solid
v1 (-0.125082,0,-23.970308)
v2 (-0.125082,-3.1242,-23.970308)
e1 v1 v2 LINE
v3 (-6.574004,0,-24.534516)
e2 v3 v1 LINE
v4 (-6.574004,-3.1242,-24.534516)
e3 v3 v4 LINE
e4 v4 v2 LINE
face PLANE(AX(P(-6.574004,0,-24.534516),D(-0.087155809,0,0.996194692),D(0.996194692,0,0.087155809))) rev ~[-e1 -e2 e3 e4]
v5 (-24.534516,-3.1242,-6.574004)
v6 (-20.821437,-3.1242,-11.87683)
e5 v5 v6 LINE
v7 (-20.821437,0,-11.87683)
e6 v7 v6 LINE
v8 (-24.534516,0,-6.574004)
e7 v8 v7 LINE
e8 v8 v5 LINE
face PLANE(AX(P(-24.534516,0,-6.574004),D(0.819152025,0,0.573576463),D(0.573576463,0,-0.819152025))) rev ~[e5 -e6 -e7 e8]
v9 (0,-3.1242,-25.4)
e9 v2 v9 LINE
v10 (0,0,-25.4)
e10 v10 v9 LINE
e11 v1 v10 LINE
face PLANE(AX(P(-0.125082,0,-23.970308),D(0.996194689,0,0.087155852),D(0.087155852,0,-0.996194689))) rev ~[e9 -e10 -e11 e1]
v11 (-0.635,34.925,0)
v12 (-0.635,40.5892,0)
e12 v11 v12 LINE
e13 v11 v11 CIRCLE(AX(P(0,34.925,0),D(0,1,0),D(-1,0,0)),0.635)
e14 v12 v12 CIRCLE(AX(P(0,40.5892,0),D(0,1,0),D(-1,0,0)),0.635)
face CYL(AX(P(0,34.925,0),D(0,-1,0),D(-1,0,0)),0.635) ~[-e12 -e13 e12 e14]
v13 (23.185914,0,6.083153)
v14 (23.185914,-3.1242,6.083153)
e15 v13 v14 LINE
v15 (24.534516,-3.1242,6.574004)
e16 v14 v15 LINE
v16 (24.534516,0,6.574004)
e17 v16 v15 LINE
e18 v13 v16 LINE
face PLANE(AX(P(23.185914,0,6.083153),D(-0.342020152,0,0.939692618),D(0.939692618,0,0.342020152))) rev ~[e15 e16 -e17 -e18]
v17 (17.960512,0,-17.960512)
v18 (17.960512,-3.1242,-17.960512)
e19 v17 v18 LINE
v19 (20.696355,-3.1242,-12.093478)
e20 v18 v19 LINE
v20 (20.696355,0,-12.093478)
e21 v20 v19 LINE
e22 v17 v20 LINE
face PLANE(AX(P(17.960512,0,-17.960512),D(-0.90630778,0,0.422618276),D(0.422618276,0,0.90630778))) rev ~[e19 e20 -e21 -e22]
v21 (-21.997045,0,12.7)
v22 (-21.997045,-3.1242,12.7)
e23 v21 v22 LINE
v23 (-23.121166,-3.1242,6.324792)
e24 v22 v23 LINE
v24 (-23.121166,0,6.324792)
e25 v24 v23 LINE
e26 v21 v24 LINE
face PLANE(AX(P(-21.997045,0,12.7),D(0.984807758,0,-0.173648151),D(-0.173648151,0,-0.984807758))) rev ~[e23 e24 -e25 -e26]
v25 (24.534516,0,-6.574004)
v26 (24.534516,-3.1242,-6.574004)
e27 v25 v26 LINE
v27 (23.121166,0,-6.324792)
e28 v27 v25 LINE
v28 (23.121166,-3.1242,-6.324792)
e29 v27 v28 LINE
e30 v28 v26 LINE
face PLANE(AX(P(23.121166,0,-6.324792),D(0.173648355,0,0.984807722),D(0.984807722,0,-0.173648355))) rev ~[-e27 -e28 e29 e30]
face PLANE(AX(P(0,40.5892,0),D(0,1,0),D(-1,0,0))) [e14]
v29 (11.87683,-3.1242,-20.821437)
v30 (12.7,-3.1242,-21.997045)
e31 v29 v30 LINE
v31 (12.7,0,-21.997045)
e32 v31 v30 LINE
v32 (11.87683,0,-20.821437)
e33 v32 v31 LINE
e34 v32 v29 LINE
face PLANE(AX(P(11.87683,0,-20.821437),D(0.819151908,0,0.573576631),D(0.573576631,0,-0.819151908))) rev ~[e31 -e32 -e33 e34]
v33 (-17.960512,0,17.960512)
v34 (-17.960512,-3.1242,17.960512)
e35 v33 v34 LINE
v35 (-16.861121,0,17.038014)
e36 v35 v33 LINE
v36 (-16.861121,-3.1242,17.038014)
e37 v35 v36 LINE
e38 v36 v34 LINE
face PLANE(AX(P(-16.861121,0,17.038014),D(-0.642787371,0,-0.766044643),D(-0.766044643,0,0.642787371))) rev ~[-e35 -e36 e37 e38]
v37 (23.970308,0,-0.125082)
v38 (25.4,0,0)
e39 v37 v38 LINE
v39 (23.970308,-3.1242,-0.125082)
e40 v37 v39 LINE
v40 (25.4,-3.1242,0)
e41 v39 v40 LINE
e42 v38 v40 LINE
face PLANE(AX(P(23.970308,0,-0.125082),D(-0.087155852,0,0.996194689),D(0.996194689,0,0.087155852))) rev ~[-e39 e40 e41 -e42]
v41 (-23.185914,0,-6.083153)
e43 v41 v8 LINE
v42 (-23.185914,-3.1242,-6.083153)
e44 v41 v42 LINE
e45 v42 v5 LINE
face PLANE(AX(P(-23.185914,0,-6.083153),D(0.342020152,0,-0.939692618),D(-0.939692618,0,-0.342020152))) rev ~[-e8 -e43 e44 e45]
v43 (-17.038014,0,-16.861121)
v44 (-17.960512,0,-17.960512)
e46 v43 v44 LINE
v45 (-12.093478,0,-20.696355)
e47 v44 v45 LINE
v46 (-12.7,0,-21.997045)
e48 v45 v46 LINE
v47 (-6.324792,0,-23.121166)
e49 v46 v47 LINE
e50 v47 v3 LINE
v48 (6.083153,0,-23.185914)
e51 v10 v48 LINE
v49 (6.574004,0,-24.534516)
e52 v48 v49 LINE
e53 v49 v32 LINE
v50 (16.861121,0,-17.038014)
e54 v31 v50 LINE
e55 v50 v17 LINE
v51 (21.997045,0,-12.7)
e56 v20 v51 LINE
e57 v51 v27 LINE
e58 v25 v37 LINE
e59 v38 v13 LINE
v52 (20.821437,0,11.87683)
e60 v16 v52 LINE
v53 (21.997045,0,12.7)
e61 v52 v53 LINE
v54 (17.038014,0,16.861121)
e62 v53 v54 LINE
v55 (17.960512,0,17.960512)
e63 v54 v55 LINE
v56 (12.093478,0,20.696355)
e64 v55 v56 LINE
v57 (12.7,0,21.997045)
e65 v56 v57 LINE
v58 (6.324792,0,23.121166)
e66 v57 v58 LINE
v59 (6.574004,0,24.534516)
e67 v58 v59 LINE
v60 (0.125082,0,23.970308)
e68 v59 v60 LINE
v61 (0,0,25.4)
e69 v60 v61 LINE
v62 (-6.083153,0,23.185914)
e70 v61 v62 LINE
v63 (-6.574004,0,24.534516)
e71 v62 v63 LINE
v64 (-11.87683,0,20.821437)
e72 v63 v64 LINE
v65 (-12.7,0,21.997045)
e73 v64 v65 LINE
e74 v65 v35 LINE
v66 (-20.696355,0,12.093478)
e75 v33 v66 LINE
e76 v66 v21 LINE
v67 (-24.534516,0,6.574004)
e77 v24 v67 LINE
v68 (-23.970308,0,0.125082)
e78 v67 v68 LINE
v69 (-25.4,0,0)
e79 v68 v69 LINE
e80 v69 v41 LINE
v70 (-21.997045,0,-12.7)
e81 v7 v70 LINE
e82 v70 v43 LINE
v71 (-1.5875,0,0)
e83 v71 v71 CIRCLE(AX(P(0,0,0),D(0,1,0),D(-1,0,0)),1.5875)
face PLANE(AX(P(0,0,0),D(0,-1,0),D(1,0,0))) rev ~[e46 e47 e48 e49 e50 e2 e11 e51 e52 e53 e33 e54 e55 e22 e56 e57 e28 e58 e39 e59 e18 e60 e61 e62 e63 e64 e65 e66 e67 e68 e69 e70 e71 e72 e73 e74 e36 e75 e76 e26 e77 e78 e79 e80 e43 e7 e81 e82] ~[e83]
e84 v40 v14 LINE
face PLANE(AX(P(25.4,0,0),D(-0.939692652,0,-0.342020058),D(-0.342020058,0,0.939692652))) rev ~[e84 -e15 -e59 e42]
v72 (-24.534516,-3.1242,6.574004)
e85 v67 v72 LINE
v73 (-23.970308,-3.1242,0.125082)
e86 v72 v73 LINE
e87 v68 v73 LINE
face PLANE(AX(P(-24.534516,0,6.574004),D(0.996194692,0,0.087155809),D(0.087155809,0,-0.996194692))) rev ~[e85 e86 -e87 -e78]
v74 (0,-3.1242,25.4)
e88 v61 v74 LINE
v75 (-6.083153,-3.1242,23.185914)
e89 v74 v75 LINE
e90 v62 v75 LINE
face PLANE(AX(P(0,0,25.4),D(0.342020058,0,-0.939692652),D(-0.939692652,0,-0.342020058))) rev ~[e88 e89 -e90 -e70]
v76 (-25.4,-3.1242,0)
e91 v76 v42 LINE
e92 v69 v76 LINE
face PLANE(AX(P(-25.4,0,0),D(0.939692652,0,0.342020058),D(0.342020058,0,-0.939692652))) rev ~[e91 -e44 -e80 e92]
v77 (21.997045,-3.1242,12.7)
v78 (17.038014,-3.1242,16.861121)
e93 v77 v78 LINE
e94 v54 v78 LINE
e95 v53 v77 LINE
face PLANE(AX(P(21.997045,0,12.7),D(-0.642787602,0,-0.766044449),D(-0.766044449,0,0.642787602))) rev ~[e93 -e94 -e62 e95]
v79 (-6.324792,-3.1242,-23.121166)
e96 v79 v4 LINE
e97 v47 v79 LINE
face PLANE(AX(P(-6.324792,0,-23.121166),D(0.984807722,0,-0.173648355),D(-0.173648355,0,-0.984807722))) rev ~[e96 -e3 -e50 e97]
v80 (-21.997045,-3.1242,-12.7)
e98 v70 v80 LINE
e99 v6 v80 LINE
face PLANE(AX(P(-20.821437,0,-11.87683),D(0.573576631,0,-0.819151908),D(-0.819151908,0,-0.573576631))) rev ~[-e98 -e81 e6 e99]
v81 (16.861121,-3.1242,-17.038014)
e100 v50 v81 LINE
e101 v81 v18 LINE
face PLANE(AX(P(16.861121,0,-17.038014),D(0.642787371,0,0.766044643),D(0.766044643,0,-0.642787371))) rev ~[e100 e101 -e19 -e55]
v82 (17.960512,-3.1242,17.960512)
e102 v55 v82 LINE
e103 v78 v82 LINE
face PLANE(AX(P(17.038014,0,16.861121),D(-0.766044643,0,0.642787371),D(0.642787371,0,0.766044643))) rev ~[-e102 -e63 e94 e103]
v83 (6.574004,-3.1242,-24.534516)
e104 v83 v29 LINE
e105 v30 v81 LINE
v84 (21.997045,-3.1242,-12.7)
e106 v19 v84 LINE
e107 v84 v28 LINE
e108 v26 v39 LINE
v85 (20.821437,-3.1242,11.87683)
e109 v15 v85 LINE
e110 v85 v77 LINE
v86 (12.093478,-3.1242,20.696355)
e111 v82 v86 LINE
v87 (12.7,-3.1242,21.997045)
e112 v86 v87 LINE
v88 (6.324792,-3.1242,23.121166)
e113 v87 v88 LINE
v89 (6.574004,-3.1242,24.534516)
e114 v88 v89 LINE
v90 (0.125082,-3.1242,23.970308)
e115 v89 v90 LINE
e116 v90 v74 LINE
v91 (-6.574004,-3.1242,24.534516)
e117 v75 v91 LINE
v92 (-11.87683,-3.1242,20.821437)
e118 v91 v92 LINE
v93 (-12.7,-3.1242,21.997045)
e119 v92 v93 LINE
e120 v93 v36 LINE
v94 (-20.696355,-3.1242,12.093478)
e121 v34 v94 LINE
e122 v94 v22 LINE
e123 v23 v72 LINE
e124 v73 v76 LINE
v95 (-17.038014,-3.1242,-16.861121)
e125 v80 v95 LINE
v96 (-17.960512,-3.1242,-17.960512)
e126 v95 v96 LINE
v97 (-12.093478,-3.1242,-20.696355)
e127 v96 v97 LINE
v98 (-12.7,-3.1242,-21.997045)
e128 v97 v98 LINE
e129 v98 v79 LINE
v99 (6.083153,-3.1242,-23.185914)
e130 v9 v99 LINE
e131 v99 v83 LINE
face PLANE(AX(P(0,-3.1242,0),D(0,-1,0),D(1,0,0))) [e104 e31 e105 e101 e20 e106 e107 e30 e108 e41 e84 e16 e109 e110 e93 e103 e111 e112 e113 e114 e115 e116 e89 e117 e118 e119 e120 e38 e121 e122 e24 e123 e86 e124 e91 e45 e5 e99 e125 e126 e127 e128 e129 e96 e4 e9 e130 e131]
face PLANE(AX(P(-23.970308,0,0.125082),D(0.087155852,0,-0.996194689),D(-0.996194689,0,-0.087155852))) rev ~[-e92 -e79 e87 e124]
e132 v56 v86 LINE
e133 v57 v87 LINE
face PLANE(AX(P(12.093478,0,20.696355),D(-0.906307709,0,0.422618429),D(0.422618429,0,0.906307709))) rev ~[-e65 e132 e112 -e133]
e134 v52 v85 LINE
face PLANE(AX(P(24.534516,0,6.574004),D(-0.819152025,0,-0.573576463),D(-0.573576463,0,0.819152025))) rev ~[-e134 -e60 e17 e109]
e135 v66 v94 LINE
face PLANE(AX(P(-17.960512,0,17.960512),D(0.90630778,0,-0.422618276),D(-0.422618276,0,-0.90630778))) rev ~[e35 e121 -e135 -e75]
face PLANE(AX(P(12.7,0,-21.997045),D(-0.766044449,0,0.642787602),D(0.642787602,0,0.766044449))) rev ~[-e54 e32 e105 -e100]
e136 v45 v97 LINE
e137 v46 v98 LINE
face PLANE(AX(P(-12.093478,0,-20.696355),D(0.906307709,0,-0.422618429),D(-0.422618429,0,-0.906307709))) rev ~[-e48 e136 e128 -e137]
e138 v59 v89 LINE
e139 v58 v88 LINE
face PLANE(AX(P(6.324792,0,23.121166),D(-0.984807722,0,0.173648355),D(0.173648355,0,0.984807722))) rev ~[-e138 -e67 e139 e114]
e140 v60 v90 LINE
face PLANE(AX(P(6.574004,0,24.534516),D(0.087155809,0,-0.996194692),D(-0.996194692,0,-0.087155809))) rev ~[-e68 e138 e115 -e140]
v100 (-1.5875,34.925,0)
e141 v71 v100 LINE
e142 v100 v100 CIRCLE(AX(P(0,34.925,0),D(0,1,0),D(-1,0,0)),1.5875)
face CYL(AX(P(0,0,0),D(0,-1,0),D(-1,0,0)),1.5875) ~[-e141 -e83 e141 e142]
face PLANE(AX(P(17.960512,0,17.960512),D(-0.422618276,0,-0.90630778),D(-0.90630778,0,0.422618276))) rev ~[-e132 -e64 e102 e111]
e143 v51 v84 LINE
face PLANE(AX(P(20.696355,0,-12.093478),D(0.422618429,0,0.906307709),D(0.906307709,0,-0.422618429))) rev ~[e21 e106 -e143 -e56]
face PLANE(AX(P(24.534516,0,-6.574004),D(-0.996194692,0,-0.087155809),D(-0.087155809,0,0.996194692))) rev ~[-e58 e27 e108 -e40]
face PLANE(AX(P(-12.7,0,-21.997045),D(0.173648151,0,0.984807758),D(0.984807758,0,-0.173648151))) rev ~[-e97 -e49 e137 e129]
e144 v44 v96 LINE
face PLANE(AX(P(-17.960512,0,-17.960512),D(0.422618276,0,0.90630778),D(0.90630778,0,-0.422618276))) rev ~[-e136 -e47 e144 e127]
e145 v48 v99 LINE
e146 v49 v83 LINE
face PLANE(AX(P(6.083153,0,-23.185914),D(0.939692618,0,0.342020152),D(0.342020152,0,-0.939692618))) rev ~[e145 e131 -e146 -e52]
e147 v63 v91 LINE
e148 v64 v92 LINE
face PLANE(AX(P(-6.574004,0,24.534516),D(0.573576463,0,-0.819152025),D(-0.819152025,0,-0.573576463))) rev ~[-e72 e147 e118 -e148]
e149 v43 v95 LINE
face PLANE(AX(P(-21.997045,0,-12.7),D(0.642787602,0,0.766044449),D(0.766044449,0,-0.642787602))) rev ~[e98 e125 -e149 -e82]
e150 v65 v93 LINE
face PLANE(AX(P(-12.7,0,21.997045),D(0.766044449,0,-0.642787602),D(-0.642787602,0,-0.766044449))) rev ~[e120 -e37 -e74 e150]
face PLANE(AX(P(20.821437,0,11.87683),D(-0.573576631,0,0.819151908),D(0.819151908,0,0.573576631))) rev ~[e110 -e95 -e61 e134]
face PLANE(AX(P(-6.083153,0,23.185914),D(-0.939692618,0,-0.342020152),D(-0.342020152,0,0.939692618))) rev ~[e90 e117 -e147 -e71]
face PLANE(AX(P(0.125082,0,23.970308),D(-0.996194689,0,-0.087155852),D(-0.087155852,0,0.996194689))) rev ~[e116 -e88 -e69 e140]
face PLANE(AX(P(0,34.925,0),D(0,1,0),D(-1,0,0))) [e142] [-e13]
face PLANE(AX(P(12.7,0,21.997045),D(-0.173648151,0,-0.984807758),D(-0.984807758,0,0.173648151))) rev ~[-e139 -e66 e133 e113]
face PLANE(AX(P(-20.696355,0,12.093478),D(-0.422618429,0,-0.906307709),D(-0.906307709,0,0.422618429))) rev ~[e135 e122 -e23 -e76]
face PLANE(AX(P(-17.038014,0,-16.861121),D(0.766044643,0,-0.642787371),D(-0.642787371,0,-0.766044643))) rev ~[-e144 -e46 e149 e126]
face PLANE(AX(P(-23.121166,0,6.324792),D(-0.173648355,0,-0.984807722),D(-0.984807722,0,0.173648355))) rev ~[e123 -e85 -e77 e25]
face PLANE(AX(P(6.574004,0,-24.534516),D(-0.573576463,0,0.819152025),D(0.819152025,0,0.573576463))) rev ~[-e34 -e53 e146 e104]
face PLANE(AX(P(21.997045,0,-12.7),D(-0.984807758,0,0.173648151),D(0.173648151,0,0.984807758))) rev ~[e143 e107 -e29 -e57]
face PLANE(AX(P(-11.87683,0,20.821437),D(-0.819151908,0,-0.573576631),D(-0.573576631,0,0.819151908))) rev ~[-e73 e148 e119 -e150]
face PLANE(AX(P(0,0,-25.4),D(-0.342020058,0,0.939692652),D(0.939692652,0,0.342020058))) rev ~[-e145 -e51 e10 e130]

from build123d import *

# Parameters (mm, degrees)
F1_DEPTH = 3.1242
F2_R     = 1.5875
F3_DEPTH = 34.925
F4_R     = 0.635
F5_DEPTH = 5.6642


with BuildPart() as f1:
    # F0 (on Front) → F1 (new body)
    with BuildSketch(Plane.XZ):
        Polygon((0.125082, 23.970308), (0, 25.4), (-6.083153, 23.185914), (-6.574004, 24.534516), (-11.87683, 20.821437), (-12.7, 21.997045), (-16.861121, 17.038014), (-17.960512, 17.960512), (-20.696355, 12.093478), (-21.997045, 12.7), (-23.121166, 6.324792), (-24.534516, 6.574004), (-23.970308, 0.125082), (-25.4, 0), (-23.185914, -6.083153), (-24.534516, -6.574004), (-20.821437, -11.87683), (-21.997045, -12.7), (-17.038014, -16.861121), (-17.960512, -17.960512), (-12.093478, -20.696355), (-12.7, -21.997045), (-6.324792, -23.121166), (-6.574004, -24.534516), (-0.125082, -23.970308), (0, -25.4), (6.083153, -23.185914), (6.574004, -24.534516), (11.87683, -20.821437), (12.7, -21.997045), (16.861121, -17.038014), (17.960512, -17.960512), (20.696355, -12.093478), (21.997045, -12.7), (23.121166, -6.324792), (24.534516, -6.574004), (23.970308, -0.125082), (25.4, 0), (23.185914, 6.083153), (24.534516, 6.574004), (20.821437, 11.87683), (21.997045, 12.7), (17.038014, 16.861121), (17.960512, 17.960512), (12.093478, 20.696355), (12.7, 21.997045), (6.324792, 23.121166), (6.574004, 24.534516), align=None)
    extrude(amount=F1_DEPTH)

    # F2 (on face) → F3 (join)
    with BuildSketch(Plane(origin=(0, 0, 0), x_dir=(-1, 0, 0), z_dir=(0, 1, 0))):
        Circle(F2_R)
    extrude(amount=F3_DEPTH)

    # F4 (on face) → F5 (join)
    with BuildSketch(Plane(origin=(0, 34.925, 0), x_dir=(-1, 0, 0), z_dir=(0, 1, 0))):
        Circle(F4_R)
    extrude(amount=F5_DEPTH)


solid = f1.part
